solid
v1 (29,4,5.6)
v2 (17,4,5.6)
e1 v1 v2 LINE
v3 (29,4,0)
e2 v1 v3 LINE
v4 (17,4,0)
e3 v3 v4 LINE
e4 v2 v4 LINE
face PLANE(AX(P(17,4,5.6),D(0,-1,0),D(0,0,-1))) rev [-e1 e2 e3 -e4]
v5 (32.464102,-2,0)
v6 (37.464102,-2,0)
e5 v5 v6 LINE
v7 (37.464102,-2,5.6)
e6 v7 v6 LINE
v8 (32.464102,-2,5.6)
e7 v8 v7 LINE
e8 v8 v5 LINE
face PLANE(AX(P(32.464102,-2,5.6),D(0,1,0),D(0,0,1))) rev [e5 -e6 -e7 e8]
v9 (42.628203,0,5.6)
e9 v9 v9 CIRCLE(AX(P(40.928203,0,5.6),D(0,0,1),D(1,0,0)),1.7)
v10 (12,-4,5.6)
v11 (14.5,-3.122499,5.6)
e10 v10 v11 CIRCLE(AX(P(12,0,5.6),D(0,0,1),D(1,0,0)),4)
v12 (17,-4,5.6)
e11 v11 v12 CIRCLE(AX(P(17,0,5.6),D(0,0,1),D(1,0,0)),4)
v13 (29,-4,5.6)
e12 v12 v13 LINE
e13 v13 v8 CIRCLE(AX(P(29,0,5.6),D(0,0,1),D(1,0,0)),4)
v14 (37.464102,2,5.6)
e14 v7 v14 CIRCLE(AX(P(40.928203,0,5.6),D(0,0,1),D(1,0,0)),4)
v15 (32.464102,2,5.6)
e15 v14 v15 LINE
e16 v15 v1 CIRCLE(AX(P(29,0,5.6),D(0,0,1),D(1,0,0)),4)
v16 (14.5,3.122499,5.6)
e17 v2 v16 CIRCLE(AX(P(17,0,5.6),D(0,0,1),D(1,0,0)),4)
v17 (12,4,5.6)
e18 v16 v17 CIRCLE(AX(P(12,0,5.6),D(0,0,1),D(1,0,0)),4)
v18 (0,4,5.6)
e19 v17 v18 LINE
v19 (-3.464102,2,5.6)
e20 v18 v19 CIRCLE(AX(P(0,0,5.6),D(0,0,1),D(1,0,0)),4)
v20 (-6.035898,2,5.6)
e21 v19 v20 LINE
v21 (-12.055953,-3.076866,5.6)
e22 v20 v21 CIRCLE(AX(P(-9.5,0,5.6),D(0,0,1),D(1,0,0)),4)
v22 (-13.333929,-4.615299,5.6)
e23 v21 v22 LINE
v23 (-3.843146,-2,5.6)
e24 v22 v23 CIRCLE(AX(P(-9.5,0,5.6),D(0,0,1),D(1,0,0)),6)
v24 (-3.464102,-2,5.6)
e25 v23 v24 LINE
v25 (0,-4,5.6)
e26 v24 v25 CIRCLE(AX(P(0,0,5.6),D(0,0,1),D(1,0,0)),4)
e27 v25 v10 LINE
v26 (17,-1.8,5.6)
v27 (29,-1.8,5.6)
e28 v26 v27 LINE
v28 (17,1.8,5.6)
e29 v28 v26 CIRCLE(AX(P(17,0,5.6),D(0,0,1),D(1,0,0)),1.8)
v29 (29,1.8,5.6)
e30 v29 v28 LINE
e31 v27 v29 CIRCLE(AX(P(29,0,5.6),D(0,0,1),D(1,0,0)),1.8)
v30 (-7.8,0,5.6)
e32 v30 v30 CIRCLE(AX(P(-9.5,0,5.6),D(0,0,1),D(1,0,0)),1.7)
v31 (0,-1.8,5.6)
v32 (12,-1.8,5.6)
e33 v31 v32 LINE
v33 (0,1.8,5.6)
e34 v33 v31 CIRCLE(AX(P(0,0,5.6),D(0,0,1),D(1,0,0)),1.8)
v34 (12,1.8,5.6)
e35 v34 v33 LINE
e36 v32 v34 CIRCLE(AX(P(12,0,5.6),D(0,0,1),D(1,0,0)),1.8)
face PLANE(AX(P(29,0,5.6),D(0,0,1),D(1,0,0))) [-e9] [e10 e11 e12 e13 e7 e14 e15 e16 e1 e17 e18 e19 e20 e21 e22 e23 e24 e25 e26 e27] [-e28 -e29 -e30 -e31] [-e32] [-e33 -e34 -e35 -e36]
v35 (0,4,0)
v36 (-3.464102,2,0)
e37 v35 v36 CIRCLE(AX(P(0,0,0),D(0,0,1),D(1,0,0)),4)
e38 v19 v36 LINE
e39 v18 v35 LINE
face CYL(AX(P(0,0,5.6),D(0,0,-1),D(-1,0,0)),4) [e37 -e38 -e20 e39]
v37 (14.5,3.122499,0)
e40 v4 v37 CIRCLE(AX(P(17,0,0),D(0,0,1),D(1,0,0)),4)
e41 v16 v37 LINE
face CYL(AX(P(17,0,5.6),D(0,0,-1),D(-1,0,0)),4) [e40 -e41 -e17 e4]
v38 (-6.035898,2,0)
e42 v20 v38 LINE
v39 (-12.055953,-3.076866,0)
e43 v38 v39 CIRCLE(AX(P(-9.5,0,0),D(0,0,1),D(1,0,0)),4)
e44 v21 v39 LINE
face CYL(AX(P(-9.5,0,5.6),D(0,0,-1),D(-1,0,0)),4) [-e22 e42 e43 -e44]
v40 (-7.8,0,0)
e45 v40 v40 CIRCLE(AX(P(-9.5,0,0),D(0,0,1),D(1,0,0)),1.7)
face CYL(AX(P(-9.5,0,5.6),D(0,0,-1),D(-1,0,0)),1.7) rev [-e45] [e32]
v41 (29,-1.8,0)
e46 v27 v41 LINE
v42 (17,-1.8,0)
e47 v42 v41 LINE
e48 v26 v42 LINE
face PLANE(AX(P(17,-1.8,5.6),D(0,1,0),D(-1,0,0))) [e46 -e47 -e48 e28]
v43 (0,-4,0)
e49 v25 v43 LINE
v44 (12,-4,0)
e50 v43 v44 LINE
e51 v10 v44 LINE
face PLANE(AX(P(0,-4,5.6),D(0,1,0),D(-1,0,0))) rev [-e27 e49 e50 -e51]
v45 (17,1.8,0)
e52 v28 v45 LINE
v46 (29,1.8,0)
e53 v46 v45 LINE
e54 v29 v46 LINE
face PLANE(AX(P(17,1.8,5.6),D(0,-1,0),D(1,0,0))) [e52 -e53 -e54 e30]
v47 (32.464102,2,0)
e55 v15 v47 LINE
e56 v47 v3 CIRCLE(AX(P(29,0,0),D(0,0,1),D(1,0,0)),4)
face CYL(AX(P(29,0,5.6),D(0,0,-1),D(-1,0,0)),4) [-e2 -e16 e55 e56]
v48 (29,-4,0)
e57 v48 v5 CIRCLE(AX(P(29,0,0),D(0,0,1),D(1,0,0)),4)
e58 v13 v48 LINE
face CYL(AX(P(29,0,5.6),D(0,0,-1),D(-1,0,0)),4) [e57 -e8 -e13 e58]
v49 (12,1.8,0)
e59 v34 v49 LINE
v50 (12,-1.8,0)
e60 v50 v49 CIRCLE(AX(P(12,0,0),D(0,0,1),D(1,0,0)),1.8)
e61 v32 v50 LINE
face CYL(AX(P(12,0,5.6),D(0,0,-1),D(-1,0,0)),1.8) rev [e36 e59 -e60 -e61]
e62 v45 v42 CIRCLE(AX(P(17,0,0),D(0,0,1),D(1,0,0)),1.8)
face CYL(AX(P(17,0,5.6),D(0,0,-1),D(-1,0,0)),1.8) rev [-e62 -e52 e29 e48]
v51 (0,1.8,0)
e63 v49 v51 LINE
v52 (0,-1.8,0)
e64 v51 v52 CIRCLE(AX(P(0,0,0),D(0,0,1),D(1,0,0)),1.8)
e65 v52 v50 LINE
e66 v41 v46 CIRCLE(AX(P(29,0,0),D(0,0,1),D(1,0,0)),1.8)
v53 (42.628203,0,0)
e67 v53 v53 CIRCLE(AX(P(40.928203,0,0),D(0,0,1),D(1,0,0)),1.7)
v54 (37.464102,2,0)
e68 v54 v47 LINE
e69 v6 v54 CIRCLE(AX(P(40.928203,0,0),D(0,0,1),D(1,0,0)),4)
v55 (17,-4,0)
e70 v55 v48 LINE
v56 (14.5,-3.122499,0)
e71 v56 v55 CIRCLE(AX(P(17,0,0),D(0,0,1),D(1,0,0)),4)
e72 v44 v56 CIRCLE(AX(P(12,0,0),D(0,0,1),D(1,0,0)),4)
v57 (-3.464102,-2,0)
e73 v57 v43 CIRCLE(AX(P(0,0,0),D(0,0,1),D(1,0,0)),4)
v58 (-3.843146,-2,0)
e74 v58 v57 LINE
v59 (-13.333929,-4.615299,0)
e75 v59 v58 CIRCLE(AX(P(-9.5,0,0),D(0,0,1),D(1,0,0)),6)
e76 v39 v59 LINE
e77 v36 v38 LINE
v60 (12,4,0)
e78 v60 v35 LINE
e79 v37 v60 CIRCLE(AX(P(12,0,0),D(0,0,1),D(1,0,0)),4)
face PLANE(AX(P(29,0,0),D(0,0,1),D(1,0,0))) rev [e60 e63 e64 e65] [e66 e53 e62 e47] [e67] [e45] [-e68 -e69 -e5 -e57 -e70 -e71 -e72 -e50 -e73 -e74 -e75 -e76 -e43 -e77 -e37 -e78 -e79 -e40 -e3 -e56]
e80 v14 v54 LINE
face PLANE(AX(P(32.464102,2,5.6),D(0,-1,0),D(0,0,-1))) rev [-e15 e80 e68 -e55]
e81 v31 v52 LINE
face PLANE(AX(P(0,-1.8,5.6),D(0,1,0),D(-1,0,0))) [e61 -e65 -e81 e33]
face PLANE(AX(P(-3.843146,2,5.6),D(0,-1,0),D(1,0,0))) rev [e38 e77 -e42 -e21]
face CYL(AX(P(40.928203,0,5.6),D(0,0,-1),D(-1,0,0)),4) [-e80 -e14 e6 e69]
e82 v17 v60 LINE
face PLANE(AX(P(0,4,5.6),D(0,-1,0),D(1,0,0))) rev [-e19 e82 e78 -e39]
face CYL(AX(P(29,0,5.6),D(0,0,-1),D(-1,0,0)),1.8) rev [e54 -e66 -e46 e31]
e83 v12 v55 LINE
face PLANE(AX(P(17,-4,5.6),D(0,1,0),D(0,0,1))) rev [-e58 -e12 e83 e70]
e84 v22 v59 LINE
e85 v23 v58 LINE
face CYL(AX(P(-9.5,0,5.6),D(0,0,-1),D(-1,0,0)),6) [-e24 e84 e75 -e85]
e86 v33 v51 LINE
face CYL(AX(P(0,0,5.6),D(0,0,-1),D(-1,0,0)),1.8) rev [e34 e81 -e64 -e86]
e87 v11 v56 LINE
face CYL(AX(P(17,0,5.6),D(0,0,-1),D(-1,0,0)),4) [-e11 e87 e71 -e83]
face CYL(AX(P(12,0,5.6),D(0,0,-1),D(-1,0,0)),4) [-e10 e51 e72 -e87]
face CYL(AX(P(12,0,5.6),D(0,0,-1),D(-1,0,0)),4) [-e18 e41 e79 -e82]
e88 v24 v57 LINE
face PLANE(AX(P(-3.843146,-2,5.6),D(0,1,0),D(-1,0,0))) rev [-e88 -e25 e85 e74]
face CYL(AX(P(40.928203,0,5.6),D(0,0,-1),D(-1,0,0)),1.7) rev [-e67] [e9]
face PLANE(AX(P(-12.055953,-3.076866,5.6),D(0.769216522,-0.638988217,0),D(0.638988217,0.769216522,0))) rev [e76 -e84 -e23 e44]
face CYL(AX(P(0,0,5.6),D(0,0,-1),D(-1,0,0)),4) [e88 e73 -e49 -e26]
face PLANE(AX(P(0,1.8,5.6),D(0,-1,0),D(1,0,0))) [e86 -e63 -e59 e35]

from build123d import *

# Parameters (mm, degrees)
SKETCH_1_R      = 1.7
EXTRUDE_1_DEPTH = 5.6


with BuildPart() as part:
    # Эскиз1 → Бобышка-Вытянуть1 (new body)
    with BuildSketch(Plane.XY):
        with BuildLine():
            Line((0, 4), (12, 4))
            ThreePointArc((12, 4), (13.324764885, 3.774254628), (14.5, 3.122498999))
            ThreePointArc((14.5, 3.122498999), (15.675235115, 3.774254628), (17, 4))
            Line((17, 4), (29, 4))
            ThreePointArc((29, 4), (31, 3.464101615), (32.464101615, 2))
            Line((32.464101615, 2), (37.464101615, 2))
            ThreePointArc((37.464101615, 2), (44.92820323, 0), (37.464101615, -2))
            Line((37.464101615, -2), (32.464101615, -2))
            ThreePointArc((32.464101615, -2), (31, -3.464101615), (29, -4))
            Line((29, -4), (17, -4))
            ThreePointArc((17, -4), (15.675235115, -3.774254628), (14.5, -3.122498999))
            ThreePointArc((14.5, -3.122498999), (13.324764885, -3.774254628), (12, -4))
            Line((12, -4), (0, -4))
            ThreePointArc((0, -4), (-2, -3.464101615), (-3.464101615, -2))
            Line((-3.464101615, -2), (-3.843145751, -2))
            ThreePointArc((-3.843145751, -2), (-7.906039139, -5.784400468), (-13.333929304, -4.615299133))
            Line((-13.333929304, -4.615299133), (-12.05595287, -3.076866089))
            ThreePointArc((-12.05595287, -3.076866089), (-13.289295027, -1.281110144), (-13.398667792, 0.894644872))
            ThreePointArc((-13.398667792, 0.894644872), (-10.093855563, 3.955671317), (-6.035898385, 2))
            Line((-6.035898385, 2), (-3.843145751, 2))
            Line((-3.843145751, 2), (-3.464101615, 2))
            ThreePointArc((-3.464101615, 2), (-2, 3.464101615), (0, 4))
        make_face()
        with Locations((40.92820323, 0)):
            Circle(SKETCH_1_R, mode=Mode.SUBTRACT)
        with Locations((-9.5, 0)):
            Circle(SKETCH_1_R, mode=Mode.SUBTRACT)
        with BuildLine():
            Line((0, 1.8), (12, 1.8))
            ThreePointArc((12, 1.8), (13.8, 0), (12, -1.8))
            Line((12, -1.8), (0, -1.8))
            ThreePointArc((0, -1.8), (-1.8, 0), (0, 1.8))
        make_face(mode=Mode.SUBTRACT)
        with BuildLine():
            Line((17, 1.8), (29, 1.8))
            ThreePointArc((29, 1.8), (30.8, 0), (29, -1.8))
            Line((29, -1.8), (17, -1.8))
            ThreePointArc((17, -1.8), (15.2, 0), (17, 1.8))
        make_face(mode=Mode.SUBTRACT)
    extrude(amount=EXTRUDE_1_DEPTH)


solid = part.part
